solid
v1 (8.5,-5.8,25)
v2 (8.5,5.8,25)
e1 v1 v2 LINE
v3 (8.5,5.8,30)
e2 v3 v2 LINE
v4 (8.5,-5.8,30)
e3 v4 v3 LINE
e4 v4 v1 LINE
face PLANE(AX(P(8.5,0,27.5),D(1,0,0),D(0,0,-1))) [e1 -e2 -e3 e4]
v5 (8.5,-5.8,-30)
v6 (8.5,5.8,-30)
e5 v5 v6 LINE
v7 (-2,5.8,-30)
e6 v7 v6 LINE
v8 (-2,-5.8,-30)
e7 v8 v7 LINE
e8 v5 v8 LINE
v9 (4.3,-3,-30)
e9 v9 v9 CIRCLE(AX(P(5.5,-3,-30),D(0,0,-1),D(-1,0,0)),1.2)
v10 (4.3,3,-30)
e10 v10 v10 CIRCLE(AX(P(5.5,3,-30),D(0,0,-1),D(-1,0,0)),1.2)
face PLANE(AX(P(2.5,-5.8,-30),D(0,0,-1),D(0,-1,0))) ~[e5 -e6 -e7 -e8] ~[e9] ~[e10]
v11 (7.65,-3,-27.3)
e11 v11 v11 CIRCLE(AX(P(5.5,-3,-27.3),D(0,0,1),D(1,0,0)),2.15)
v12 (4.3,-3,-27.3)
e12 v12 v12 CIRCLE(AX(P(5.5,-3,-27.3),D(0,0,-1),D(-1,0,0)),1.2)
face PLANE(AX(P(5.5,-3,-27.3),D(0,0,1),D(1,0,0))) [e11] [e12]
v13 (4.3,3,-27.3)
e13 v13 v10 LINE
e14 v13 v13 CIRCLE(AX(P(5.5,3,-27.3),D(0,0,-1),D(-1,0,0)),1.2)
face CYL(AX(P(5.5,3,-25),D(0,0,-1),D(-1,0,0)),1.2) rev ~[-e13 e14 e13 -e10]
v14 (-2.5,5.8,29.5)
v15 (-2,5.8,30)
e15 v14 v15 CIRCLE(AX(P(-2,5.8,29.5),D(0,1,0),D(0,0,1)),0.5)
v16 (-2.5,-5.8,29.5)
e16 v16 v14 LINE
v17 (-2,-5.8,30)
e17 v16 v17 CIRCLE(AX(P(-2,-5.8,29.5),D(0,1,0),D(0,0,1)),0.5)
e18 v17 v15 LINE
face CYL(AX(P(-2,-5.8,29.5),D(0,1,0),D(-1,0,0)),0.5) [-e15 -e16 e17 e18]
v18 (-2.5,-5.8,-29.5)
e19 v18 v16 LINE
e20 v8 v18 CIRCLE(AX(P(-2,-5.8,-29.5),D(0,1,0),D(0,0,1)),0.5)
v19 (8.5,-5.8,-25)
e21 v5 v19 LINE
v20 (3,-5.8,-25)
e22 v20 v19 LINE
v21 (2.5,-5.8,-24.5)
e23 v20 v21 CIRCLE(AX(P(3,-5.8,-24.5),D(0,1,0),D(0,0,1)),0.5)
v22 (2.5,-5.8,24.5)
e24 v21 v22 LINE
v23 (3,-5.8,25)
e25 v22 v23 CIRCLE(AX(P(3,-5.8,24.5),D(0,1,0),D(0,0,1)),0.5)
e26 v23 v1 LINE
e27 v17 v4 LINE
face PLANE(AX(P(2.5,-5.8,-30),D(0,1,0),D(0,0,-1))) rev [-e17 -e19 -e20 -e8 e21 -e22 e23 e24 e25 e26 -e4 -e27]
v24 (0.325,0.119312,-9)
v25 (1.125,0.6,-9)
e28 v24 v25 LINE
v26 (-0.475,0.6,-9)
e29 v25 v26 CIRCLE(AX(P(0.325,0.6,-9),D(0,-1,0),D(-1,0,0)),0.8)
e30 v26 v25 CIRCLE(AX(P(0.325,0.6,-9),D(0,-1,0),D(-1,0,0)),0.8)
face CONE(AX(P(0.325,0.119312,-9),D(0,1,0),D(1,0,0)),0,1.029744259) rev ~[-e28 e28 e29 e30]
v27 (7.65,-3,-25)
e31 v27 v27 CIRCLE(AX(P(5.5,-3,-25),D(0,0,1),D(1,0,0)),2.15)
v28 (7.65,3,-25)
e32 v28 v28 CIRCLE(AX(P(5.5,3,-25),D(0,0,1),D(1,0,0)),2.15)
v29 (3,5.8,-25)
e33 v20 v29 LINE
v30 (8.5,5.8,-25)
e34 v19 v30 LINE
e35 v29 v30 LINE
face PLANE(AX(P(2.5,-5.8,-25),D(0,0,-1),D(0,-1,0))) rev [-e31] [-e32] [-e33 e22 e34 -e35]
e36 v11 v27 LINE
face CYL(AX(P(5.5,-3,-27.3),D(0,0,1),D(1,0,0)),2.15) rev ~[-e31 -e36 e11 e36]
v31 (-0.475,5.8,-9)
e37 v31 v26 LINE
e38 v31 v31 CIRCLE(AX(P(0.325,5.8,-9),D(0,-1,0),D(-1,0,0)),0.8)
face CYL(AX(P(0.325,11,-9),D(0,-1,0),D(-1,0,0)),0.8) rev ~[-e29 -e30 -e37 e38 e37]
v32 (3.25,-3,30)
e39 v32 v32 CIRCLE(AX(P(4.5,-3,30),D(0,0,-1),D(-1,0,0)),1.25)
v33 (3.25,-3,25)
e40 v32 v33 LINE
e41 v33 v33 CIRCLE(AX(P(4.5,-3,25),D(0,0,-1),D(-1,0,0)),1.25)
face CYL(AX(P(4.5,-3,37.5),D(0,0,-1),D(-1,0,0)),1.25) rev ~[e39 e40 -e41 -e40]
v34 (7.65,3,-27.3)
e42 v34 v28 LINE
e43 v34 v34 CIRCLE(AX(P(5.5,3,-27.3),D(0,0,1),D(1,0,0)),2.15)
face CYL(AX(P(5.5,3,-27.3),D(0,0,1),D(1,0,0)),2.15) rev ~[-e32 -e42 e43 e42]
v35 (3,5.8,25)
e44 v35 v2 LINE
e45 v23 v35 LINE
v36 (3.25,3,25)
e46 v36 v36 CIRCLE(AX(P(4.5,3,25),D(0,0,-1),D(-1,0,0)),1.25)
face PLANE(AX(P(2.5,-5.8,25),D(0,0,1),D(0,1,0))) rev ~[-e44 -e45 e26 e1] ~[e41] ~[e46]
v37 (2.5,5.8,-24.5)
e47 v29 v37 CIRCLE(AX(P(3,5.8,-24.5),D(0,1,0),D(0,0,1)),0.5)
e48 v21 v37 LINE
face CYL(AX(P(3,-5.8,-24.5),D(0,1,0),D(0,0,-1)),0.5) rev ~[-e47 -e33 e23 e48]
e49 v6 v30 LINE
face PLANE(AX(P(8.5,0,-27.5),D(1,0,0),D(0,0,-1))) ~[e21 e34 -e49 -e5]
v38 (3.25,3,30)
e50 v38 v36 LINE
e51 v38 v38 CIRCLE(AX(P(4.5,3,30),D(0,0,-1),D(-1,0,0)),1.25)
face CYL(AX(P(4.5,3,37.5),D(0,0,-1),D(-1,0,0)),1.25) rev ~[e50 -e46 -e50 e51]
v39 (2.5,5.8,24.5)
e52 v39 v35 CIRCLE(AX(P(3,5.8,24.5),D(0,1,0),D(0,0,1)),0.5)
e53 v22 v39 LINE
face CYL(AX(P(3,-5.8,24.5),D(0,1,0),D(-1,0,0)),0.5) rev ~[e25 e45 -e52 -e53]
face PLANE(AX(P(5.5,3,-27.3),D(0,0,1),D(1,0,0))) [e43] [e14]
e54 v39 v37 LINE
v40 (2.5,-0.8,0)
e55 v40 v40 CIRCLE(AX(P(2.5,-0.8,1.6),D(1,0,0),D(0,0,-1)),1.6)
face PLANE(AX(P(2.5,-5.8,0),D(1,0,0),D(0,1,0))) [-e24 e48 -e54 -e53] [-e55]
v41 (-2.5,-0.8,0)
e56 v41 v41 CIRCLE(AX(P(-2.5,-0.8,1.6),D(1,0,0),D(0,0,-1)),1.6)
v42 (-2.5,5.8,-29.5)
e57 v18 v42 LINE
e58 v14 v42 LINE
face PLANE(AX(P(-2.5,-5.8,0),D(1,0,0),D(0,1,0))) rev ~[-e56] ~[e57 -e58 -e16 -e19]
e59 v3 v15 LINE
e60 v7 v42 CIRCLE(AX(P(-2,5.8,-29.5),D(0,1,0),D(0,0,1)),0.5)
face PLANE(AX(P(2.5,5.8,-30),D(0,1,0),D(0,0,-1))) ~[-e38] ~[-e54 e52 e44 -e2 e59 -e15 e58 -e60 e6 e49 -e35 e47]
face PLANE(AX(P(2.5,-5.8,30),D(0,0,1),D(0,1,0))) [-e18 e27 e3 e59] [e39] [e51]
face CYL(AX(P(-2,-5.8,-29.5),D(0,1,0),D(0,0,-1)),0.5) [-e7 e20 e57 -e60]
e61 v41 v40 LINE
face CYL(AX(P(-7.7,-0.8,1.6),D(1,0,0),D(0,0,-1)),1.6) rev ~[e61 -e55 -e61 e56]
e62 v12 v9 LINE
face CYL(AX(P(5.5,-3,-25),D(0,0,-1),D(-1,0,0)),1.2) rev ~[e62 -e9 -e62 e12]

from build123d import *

# Parameters (mm, degrees)
SKETCH_1_W                  = 5
SKETCH_1_H                  = 11.6
EXTRUDE_1_DEPTH             = 30
SKETCH_2_W                  = 5
SKETCH_2_H                  = 11.6
EXTRUDE_2_DEPTH             = 6
HOLE_WIZARD_M3_1_D          = 2.5
HOLE_WIZARD_M3_1_DEPTH      = 7.5
HOLE_WIZARD_M3_1_TIP        = 0.751075774
HOLE_WIZARD_1_D             = 2.4
HOLE_WIZARD_1_DEPTH         = 7.5
HOLE_WIZARD_1_CBORE_D       = 4.3
HOLE_WIZARD_1_CBORE_DEPTH   = 2.3
HOLE_WIZARD_1_TIP           = 0.721032743
FILLET_1_R                  = 0.5
HOLE_WIZARD_3_2_3_2_1_D     = 3.2
HOLE_WIZARD_3_2_3_2_1_DEPTH = 5.2
HOLE_WIZARD_3_2_3_2_1_TIP   = 0.96137699
HOLE_WIZARD_M2_1_D          = 1.6
HOLE_WIZARD_M2_1_DEPTH      = 5.2
HOLE_WIZARD_M2_1_TIP        = 0.480688495


with BuildPart() as part:
    # 草图1 → 凸台-拉伸1 (new body, symmetric)
    with BuildSketch(Plane.XY):
        Rectangle(SKETCH_1_W, SKETCH_1_H)
    extrude(amount=EXTRUDE_1_DEPTH, both=True)

    # 草图2 → 凸台-拉伸2 (add)
    with BuildSketch(Plane(origin=(2.5, 0, 0), x_dir=(0, 0, -1), z_dir=(1, 0, 0))):
        with Locations((-27.5, 0)):
            Rectangle(SKETCH_2_W, SKETCH_2_H)
    extrude_2 = extrude(amount=EXTRUDE_2_DEPTH)

    # 镜向1: 凸台-拉伸2 across plane
    add(extrude_2.mirror(Plane.XY))

    # M3 螺纹孔1
    with Locations(Plane.XY.offset(30)):
        with Locations((4.5, -3), (4.5, 3)):
            Hole(HOLE_WIZARD_M3_1_D / 2, depth=HOLE_WIZARD_M3_1_DEPTH)
            with Locations((0, 0, -(HOLE_WIZARD_M3_1_DEPTH + HOLE_WIZARD_M3_1_TIP / 2))):  # 118° drill point
                Cone(0, HOLE_WIZARD_M3_1_D / 2, HOLE_WIZARD_M3_1_TIP, mode=Mode.SUBTRACT)

    # 打孔尺寸(%根据)内六角圆柱头螺钉的类型1
    with Locations(Plane.XY.offset(-25)):
        with Locations((5.5, -3), (5.5, 3)):
            CounterBoreHole(HOLE_WIZARD_1_D / 2, HOLE_WIZARD_1_CBORE_D / 2, HOLE_WIZARD_1_CBORE_DEPTH, depth=HOLE_WIZARD_1_DEPTH)
            with Locations((0, 0, -(HOLE_WIZARD_1_DEPTH + HOLE_WIZARD_1_TIP / 2))):  # 118° drill point
                Cone(0, HOLE_WIZARD_1_D / 2, HOLE_WIZARD_1_TIP, mode=Mode.SUBTRACT)

    # 圆角1
    fillet_1_edges = [part.edges().sort_by_distance(p)[0] for p in [
        (2.5, 0, 25),
        (2.5, 0, -25),
        (-2.5, 0, 30),
        (-2.5, 0, -30),
    ]]
    fillet(fillet_1_edges, radius=FILLET_1_R)

    # Ø3.2 (3.2) 直径孔1
    with Locations(Plane.ZY.offset(2.5)):
        with Locations((1.6, -0.8)):
            Hole(HOLE_WIZARD_3_2_3_2_1_D / 2, depth=HOLE_WIZARD_3_2_3_2_1_DEPTH)
            with Locations((0, 0, -(HOLE_WIZARD_3_2_3_2_1_DEPTH + HOLE_WIZARD_3_2_3_2_1_TIP / 2))):  # 118° drill point
                Cone(0, HOLE_WIZARD_3_2_3_2_1_D / 2, HOLE_WIZARD_3_2_3_2_1_TIP, mode=Mode.SUBTRACT)

    # M2 螺纹孔1
    with Locations(Plane(origin=(0, 5.8, 0), x_dir=(1, 0, 0), z_dir=(0, 1, 0))):
        with Locations((0.325, 9)):
            Hole(HOLE_WIZARD_M2_1_D / 2, depth=HOLE_WIZARD_M2_1_DEPTH)
            with Locations((0, 0, -(HOLE_WIZARD_M2_1_DEPTH + HOLE_WIZARD_M2_1_TIP / 2))):  # 118° drill point
                Cone(0, HOLE_WIZARD_M2_1_D / 2, HOLE_WIZARD_M2_1_TIP, mode=Mode.SUBTRACT)


solid = part.part
